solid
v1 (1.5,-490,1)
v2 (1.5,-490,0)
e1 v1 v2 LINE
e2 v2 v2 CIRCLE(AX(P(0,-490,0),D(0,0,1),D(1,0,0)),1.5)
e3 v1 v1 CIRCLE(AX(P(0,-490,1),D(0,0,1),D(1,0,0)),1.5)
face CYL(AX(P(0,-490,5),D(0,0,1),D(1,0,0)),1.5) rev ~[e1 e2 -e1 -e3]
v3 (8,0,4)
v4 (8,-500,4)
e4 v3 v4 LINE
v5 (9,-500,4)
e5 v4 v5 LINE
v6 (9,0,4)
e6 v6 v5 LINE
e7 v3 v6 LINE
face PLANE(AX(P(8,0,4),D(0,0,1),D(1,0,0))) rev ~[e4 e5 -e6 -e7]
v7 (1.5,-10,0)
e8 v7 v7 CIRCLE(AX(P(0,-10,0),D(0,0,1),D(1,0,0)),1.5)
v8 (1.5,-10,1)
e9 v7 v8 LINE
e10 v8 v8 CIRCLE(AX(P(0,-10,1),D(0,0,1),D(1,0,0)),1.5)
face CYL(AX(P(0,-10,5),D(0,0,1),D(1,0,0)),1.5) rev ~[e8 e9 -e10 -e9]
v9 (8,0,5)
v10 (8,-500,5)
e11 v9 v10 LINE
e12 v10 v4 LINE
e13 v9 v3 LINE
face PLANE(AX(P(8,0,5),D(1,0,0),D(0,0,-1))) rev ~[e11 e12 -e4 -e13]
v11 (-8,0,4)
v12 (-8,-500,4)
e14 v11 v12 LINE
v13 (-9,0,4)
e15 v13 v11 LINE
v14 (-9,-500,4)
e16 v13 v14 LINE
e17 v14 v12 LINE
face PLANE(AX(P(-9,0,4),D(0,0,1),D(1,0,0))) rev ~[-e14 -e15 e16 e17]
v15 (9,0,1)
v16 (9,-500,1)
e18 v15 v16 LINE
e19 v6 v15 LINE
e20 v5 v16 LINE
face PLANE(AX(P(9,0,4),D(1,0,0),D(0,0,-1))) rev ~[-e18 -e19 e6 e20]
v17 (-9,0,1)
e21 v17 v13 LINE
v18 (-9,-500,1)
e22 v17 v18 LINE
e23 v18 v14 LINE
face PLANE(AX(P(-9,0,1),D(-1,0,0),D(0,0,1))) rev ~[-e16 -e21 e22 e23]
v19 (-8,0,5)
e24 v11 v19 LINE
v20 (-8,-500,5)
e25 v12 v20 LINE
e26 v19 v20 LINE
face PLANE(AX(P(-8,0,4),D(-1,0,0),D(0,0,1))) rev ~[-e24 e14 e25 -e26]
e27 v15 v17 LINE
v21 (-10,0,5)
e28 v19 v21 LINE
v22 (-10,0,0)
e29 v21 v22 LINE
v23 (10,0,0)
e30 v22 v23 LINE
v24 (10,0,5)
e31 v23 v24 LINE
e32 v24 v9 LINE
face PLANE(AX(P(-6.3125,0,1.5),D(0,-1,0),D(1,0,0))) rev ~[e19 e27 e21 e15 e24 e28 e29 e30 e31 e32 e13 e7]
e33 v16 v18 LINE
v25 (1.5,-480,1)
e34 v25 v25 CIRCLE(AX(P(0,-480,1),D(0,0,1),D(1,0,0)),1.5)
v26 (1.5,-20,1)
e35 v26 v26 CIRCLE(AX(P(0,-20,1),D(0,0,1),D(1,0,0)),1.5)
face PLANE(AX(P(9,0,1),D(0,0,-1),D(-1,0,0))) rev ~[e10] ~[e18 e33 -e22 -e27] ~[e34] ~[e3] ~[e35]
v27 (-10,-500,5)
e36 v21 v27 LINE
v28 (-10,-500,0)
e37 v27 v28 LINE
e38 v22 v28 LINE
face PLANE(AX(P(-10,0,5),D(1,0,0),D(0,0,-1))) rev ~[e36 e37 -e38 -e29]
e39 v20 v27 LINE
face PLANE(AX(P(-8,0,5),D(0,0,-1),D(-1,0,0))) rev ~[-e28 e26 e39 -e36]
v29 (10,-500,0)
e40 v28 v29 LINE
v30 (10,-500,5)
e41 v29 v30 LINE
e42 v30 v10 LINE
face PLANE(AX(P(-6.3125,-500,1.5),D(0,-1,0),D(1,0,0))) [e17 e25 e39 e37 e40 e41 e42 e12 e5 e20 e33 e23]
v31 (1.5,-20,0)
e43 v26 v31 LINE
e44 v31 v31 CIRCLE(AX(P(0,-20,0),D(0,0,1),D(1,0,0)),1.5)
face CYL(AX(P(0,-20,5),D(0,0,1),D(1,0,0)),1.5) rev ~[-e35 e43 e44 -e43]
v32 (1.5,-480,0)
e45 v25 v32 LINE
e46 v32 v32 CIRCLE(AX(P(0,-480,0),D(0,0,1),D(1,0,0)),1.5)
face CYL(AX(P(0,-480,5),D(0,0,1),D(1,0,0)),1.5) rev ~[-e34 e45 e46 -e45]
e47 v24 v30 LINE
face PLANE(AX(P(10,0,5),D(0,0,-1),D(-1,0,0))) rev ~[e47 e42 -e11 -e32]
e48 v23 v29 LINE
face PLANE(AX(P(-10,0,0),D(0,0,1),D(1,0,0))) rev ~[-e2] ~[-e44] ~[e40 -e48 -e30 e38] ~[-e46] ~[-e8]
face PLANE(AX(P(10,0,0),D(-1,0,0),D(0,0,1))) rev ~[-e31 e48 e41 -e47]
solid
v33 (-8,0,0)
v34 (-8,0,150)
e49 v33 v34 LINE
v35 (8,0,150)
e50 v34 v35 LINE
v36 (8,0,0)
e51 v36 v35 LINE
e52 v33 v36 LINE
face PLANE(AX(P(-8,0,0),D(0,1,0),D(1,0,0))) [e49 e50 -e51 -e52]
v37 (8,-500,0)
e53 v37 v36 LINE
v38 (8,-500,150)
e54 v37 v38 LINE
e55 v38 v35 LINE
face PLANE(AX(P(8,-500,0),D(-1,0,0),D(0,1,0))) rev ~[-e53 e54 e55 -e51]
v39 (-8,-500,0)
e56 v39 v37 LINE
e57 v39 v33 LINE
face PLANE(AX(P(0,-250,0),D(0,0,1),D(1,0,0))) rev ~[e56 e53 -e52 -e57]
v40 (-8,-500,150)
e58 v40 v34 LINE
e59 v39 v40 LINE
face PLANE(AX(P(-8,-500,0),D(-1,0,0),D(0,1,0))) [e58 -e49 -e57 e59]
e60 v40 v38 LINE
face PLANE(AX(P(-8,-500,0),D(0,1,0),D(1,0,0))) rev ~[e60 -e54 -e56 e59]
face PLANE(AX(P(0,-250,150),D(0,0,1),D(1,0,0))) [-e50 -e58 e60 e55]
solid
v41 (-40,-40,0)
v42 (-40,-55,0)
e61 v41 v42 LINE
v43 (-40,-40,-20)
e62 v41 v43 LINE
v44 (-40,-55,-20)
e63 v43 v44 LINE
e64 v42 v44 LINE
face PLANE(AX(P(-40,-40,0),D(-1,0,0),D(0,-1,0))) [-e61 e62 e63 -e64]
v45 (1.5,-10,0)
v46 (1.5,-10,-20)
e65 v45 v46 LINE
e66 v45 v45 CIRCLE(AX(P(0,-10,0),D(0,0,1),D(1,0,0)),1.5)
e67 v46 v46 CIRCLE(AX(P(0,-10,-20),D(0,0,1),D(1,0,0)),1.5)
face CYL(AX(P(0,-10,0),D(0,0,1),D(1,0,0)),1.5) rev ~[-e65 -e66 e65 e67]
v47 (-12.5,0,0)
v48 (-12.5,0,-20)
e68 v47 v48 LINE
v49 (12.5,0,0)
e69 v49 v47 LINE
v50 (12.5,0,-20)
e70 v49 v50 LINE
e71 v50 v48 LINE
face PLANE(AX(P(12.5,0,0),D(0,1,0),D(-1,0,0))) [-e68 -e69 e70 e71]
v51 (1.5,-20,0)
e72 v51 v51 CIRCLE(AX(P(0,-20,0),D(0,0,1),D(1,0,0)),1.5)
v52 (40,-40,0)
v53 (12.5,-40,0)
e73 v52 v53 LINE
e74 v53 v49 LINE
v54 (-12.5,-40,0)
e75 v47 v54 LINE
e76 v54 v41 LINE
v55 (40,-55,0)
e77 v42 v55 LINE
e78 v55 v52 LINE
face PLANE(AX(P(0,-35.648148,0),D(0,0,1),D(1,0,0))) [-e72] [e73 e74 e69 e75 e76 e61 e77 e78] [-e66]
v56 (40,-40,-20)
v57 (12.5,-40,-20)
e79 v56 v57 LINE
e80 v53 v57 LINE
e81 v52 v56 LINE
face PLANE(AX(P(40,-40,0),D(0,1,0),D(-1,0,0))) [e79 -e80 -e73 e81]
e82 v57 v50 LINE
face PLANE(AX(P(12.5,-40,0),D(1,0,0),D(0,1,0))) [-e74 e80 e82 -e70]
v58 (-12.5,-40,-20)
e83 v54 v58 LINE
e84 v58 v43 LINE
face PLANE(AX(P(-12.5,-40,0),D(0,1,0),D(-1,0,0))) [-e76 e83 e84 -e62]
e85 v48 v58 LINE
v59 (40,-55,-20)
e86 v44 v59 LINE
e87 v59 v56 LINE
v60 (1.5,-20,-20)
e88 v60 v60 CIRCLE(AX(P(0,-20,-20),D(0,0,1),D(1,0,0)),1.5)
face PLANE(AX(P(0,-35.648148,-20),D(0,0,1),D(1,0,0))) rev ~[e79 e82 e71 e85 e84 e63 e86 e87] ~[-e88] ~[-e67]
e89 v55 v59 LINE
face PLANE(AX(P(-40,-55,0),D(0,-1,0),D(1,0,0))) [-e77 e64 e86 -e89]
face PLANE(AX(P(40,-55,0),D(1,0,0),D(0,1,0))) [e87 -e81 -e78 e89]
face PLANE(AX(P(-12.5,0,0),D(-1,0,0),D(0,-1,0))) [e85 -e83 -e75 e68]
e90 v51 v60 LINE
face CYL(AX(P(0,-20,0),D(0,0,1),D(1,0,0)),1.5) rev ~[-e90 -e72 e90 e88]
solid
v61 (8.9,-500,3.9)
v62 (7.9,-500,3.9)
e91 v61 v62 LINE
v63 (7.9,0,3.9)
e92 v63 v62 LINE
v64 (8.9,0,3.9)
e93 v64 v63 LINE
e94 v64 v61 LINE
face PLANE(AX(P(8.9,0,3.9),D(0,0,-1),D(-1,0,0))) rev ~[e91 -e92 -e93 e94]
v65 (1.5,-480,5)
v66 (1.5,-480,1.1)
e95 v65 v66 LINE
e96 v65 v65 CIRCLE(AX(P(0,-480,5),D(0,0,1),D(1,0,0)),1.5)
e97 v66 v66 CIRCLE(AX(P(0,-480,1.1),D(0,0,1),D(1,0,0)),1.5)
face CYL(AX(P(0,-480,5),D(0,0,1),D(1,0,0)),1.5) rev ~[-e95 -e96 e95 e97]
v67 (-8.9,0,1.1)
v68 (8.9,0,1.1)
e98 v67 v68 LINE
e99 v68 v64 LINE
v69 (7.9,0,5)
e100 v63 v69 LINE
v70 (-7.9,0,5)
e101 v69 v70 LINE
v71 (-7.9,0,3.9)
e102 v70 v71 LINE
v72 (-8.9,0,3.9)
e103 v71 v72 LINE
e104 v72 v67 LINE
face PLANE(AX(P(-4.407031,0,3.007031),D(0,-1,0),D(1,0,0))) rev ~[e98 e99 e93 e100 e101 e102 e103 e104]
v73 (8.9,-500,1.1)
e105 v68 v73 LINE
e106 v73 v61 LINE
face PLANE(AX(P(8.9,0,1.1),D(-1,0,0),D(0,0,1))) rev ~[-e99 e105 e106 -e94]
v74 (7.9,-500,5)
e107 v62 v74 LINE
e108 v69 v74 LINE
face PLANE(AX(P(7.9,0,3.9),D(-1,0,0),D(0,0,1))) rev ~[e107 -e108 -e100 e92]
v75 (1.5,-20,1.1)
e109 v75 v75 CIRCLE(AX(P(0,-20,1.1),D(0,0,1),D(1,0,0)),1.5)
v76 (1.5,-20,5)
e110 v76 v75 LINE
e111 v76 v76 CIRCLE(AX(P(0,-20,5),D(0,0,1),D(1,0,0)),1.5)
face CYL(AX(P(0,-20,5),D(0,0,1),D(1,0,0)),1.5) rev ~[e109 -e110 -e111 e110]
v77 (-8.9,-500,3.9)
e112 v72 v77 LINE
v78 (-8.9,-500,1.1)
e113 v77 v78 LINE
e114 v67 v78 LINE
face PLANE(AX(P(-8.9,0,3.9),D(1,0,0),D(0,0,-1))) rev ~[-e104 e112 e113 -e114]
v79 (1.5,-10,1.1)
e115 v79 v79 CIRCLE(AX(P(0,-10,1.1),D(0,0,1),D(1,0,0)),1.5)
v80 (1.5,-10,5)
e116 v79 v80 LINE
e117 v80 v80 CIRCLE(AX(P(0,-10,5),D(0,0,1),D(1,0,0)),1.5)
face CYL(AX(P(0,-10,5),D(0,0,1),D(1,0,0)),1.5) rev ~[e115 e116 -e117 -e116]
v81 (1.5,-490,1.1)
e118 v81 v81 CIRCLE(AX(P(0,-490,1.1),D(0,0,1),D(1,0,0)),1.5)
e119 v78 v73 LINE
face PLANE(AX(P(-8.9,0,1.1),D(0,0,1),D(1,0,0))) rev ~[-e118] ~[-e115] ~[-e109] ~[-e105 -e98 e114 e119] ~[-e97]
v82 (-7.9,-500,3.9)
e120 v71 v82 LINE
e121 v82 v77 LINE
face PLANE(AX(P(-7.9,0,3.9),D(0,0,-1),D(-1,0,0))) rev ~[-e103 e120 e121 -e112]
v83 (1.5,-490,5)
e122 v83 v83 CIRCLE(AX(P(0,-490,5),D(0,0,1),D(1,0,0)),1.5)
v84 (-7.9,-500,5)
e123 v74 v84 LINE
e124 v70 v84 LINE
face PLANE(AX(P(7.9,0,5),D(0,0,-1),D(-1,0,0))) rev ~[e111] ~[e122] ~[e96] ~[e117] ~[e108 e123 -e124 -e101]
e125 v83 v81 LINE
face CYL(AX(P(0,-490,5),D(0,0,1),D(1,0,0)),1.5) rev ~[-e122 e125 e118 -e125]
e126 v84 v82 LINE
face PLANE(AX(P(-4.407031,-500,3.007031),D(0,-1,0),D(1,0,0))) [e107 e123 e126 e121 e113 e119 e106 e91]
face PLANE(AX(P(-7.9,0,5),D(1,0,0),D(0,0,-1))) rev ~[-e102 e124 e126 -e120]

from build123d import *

# Parameters (mm, degrees)
F1_DEPTH  = 500
F3_DEPTH  = 500
F4_R      = 1.5
F5_DEPTH  = 7.5
F7_W      = 16
F7_H      = 500
F8_DEPTH  = 150
F9_R      = 1.5
F10_DEPTH = 20


with BuildPart() as f1:
    # F0 (on Front) → F1 (new body)
    with BuildSketch(Plane.XZ):
        Polygon((-8, 4), (-8, 5), (-10, 5), (-10, 0), (0, 0), (0, 1), (-9, 1), (-9, 4), align=None)
        Polygon((0, 1), (0, 0), (10, 0), (10, 5), (8, 5), (8, 4), (9, 4), (9, 1), align=None)
    extrude(amount=F1_DEPTH)


with BuildPart() as f3:
    # F2 (on Front) → F3 (new body)
    with BuildSketch(Plane.XZ):
        Polygon((0, 5), (-7.9, 5), (-7.9, 3.9), (-8.9, 3.9), (-8.9, 1.1), (0, 1.1), align=None)
        Polygon((7.9, 5), (0, 5), (0, 1.1), (8.9, 1.1), (8.9, 3.9), (7.9, 3.9), align=None)
    extrude(amount=F3_DEPTH)


with BuildPart() as f5:
    # F4 (on face) → F5 (new body, symmetric)
    with BuildSketch(Plane.XY.offset(5)):
        with Locations((0, -490)):
            Circle(F4_R)
        with Locations((0, -480)):
            Circle(F4_R)
        with Locations((0, -20)):
            Circle(F4_R)
        with Locations((0, -10)):
            Circle(F4_R)
    extrude(amount=F5_DEPTH, both=True)


with BuildPart() as f3_1:
    add(f3.part)

    # F6: cut F5
    add(f5.part, mode=Mode.SUBTRACT)


with BuildPart() as f1_1:
    add(f1.part)

    # F6: cut F5
    add(f5.part, mode=Mode.SUBTRACT)


with BuildPart() as f8:
    # F7 (on Top) → F8 (new body)
    with BuildSketch(Plane.XY):
        with Locations((0, -250)):
            Rectangle(F7_W, F7_H)
    extrude(amount=F8_DEPTH)


with BuildPart() as f10:
    # F9 (on Top) → F10 (new body)
    with BuildSketch(Plane.XY):
        Polygon((40, -55), (40, -40), (12.5, -40), (12.5, 0), (-12.5, 0), (-12.5, -40), (-40, -40), (-40, -55), align=None)
        with Locations((0, -20)):
            Circle(F9_R, mode=Mode.SUBTRACT)
        with Locations((0, -10)):
            Circle(F9_R, mode=Mode.SUBTRACT)
    extrude(amount=-F10_DEPTH)


solid = Compound([f3_1.part, f1_1.part, f8.part, f10.part])
